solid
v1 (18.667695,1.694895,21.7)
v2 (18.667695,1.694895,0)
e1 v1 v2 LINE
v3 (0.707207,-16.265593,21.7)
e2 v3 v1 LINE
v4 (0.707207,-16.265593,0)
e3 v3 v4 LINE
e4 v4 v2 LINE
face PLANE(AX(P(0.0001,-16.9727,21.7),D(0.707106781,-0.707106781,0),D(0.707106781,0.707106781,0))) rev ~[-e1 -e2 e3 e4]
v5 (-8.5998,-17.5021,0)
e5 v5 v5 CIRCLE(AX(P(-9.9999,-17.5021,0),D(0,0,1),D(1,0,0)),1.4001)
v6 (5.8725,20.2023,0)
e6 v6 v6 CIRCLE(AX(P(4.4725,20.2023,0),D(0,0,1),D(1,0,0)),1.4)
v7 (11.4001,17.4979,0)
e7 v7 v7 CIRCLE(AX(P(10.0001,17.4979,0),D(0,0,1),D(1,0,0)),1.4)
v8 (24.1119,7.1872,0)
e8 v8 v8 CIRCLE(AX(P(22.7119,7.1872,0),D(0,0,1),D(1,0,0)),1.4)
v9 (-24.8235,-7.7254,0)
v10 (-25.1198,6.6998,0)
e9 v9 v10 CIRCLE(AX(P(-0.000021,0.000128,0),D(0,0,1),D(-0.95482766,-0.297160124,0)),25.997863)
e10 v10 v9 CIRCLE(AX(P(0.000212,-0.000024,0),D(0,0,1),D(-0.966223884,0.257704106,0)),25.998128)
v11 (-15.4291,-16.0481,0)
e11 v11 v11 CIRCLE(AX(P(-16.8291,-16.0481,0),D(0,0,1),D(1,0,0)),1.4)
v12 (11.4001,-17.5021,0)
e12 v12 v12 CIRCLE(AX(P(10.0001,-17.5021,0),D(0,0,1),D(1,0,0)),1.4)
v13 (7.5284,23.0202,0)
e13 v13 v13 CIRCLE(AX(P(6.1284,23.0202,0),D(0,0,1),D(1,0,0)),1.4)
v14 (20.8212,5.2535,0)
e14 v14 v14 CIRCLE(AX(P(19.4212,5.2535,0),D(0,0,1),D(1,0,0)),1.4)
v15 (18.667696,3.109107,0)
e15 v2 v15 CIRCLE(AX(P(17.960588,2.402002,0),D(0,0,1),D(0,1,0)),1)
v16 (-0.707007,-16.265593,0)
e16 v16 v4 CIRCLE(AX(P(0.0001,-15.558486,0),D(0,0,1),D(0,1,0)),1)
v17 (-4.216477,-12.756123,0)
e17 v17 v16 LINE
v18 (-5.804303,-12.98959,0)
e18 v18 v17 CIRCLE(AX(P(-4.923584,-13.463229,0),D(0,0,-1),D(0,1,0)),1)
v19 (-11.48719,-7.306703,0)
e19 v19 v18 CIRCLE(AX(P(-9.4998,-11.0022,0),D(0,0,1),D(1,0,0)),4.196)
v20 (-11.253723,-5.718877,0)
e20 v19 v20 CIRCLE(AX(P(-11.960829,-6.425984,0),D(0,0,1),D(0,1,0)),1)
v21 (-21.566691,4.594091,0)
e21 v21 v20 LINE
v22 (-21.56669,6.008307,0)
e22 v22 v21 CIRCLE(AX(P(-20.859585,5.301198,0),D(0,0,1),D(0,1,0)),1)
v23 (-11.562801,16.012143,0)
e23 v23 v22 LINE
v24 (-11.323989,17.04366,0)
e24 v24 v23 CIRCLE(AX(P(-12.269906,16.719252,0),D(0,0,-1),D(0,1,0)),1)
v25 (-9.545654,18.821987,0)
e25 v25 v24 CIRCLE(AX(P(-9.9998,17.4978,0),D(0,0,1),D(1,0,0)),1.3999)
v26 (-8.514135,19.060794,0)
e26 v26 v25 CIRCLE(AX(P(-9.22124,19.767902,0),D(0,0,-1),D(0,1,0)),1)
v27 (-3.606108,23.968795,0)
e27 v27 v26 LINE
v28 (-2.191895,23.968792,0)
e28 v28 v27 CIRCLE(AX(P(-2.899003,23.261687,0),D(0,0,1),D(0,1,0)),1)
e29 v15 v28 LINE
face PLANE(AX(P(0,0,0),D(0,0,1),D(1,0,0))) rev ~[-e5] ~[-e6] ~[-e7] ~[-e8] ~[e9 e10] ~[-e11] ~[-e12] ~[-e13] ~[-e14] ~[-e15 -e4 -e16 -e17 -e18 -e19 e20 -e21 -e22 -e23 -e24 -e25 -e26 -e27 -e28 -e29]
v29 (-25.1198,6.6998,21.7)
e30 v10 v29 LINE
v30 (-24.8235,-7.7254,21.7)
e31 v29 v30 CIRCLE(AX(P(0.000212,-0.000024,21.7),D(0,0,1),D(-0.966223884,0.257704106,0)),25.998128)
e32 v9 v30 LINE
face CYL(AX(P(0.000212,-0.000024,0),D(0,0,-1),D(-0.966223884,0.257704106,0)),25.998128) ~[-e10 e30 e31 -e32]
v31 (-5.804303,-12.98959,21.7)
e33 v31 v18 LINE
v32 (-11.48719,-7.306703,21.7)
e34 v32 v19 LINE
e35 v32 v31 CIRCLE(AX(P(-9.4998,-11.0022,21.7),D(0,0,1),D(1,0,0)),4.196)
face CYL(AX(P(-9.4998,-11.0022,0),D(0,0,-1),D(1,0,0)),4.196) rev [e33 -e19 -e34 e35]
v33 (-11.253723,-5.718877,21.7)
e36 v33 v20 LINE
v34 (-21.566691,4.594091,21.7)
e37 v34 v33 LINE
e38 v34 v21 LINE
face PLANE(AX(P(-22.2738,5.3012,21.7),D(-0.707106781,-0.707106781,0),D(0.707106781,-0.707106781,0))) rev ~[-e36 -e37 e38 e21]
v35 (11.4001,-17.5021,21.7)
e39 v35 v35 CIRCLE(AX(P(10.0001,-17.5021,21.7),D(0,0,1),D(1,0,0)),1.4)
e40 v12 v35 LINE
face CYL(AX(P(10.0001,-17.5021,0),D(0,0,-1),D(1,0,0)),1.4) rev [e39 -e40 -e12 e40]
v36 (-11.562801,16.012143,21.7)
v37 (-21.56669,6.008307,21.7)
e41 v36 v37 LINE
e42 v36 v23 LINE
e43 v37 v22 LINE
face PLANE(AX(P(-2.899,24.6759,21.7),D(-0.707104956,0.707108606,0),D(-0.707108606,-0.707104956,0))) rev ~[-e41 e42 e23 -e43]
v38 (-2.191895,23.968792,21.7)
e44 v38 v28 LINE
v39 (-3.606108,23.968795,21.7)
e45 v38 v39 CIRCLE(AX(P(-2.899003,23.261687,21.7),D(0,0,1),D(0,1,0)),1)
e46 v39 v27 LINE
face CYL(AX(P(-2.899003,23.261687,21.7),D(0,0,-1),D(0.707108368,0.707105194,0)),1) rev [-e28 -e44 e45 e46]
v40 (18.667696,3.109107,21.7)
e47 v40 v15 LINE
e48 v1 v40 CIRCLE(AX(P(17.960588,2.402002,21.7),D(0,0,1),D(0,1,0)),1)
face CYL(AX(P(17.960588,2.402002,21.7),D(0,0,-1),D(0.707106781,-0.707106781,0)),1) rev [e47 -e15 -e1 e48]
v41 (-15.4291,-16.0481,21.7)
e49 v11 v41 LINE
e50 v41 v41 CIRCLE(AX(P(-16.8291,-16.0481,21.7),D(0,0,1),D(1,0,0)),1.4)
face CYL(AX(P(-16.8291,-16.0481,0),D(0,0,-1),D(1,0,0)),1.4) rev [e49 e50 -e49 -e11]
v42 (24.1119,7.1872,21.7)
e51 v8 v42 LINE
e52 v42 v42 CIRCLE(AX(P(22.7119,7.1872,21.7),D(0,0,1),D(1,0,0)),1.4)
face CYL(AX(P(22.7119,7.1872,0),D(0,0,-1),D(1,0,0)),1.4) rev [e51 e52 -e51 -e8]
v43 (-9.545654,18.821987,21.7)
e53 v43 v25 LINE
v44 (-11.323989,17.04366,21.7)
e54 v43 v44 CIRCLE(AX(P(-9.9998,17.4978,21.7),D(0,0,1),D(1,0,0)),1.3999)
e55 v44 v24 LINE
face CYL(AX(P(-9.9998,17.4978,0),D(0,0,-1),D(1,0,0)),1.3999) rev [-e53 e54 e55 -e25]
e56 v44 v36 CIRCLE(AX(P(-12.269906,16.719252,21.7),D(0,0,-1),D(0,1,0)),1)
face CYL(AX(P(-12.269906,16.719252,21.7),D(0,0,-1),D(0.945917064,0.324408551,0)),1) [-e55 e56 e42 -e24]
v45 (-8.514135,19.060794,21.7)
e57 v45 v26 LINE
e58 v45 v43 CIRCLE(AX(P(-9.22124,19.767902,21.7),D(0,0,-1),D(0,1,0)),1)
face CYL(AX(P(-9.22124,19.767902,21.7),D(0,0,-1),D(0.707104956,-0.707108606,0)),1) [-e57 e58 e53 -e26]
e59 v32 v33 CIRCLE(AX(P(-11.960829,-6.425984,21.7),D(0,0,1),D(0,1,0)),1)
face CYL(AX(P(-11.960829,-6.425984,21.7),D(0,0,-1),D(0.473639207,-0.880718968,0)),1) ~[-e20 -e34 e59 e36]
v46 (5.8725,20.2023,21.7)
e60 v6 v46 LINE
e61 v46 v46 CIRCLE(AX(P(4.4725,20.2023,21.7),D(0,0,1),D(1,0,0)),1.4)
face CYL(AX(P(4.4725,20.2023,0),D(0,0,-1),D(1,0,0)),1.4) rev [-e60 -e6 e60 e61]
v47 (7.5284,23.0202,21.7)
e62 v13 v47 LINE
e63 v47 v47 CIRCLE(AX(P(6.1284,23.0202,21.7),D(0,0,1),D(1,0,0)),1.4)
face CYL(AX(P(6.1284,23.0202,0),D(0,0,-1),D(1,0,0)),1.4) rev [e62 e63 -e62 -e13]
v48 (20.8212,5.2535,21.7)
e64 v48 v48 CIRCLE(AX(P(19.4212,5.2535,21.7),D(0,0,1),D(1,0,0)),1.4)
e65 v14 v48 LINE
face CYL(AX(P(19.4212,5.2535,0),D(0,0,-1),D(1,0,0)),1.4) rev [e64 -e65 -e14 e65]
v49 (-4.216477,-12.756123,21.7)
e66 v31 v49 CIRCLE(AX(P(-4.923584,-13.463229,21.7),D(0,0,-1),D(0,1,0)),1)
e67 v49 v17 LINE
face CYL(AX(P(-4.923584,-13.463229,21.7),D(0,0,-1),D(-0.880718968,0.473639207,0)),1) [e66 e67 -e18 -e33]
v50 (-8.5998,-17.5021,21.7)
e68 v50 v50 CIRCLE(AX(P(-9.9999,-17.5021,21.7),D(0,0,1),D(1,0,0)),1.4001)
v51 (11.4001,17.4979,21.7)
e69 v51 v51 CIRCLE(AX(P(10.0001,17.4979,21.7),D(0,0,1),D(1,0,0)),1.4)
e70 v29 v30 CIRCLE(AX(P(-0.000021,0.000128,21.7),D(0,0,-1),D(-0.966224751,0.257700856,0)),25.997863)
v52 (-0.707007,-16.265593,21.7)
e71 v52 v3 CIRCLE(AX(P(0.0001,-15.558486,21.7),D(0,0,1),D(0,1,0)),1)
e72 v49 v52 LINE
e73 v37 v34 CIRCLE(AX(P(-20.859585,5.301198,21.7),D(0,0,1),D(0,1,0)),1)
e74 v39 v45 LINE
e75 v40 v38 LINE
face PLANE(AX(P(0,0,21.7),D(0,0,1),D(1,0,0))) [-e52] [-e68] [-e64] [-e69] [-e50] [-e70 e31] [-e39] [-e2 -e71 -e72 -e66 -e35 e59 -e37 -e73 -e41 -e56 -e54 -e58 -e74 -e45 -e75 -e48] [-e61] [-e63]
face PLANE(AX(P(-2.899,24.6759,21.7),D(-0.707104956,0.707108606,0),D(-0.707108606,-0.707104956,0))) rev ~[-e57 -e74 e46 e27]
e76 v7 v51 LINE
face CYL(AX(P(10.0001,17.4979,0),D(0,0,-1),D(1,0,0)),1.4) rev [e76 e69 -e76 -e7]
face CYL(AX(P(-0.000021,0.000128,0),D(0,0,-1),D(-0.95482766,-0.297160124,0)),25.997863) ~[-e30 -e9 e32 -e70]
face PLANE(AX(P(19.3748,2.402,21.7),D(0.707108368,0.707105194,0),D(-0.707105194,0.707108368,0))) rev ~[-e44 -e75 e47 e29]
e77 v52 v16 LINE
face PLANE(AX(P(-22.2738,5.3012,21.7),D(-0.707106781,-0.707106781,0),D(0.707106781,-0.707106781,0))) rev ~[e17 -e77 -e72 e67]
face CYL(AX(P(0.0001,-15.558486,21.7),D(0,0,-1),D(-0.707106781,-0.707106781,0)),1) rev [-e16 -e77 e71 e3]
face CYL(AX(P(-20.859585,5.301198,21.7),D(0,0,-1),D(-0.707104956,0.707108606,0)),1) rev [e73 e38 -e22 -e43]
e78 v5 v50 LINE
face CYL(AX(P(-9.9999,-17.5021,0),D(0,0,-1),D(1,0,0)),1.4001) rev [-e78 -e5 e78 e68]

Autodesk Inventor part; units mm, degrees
ref_plane "YZ Plane" through (0, 0, 0) normal (1, 0, 0) x (0, 1, 0)
ref_plane "XZ Plane" through (0, 0, 0) normal (0, 1, 0) x (-1, 0, 0)
ref_plane "Arbeitsebene1" through (0, 0, 0) normal (0, 0, 1) x (1, 0, 0)
sketch "Skizze1" plane through (0, 0, 0) normal (0, 0, 1) x (1, 0, 0)
  circle A0 centre (-9.9998, 17.4978) radius 1.3999 projected
  circle A1 centre (10.0001, 17.4979) radius 1.4 projected
  circle A2 centre (10.0001, -17.5021) radius 1.4 projected
  circle A3 centre (-9.9999, -17.5021) radius 1.4001 projected
  circle A4 centre (4.4725, 20.2023) radius 1.4 projected
  circle A5 centre (19.4212, 5.2535) radius 1.4 projected
  circle A6 centre (0.0001, -0.0022) radius 6.7754 projected
  arc A7 (-25.1198, 6.6998) -> (-24.1417, 5.4917) centre (-24.1417, 6.4917) ccw projected
  line L0 (-24.1417, 5.4917) -> (-17.7002, 5.4917) projected
  arc A8 (-15.7002, 3.4917) -> (-17.7002, 5.4917) centre (-17.7002, 3.4917) ccw projected
  line L1 (-15.7002, 3.4917) -> (-15.7002, -4.496) projected
  arc A9 (-17.7002, -6.496) -> (-15.7002, -4.496) centre (-17.7002, -4.496) ccw projected
  line L2 (-17.7002, -6.496) -> (-23.8502, -6.496) projected
  arc A10 (-23.8502, -6.496) -> (-24.8235, -7.7254) centre (-23.8502, -7.496) ccw projected
  arc A11 (-24.8235, -7.7254) -> (-25.1198, 6.6998) centre (0, 0) ccw projected
  circle A12 centre (-9.4998, -11.0022) radius 2.6601 projected
  circle A13 centre (-16.8291, -16.0481) radius 1.4 projected
  circle A14 centre (6.1284, 23.0202) radius 1.4 projected
  circle A15 centre (22.7119, 7.1872) radius 1.4 projected
  arc A16 (-25.1198, 6.6998) -> (-24.6232, -8.3421) centre (0, 0) ccw
  circle A17 centre (-9.4998, -11.0022) radius 4.196
  point P0 (0, 0)
ref_plane "Arbeitsebene2" through (-21.5666, -16.2656, 21.7) normal (0, 0, 1) x (0.7071, -0.7071, 0)
extrude "Extrusion1" add sketch "Skizze1" along normal up to surface (21.7 mm away) contours A11 A10 L2 A9 L1 A8 L0 A7 | A7 L0 A8 L1 A9 L2 A10 A16
sketch "Skizze2" plane through (-24.1417, 5.4917, 21.7) normal (0, 0, 1) x (1, 0, 0)
  arc A0 (30.5656, -11.7979) -> (31.153, -11.2105) centre (30.5058, -11.1507) ccw projected
  line L0 (30.5656, -11.7979) -> (24.8489, -17.5146) projected
  line L1 (24.8489, -17.5146) -> (19.6708, -12.3365) projected
  arc A1 (17.2991, -9.9648) -> (19.6708, -12.3365) centre (18.1314, -11.5042) ccw projected
  line L2 (17.2991, -9.9648) -> (12.8281, -5.4938) projected
  line L3 (12.8281, -5.4938) -> (15.7017, -2.6202) projected
  arc A2 (17.7327, -0.5892) -> (15.7017, -2.6202) centre (16.0101, -0.8976) ccw projected
  line L4 (17.7327, -0.5892) -> (24.1418, 5.8199) projected
  line L5 (24.1418, 5.8199) -> (28.7374, 1.2243) projected
  arc A3 (30.8599, -0.8982) -> (28.7374, 1.2243) centre (30.435, 0.7994) ccw projected
  line L6 (30.8599, -0.8982) -> (36.1626, -6.2009) projected
  line L7 (36.1626, -6.2009) -> (34.5533, -7.8102) projected
  arc A4 (32.1151, -10.2485) -> (34.5533, -7.8102) centre (33.5463, -9.2415) ccw projected
  line L8 (32.1151, -10.2485) -> (31.153, -11.2105) projected
  circle A5 centre (12.8281, -4.0796) radius 0.65 projected
  line L9 (21.2427, 4.9006) -> (17.8485, 8.2948) projected
  line L10 (17.8485, 8.2948) -> (14.4544, 11.6889) projected
  line L11 (14.4544, 11.6889) -> (2.575, -0.1905) projected
  line L12 (2.575, -0.1905) -> (24.1418, -21.7573) projected
  line L13 (24.1418, -21.7573) -> (42.8094, -3.0897) projected
  line L14 (42.8094, -3.0897) -> (28.0309, 11.6889) projected
  line L15 (28.0309, 11.6889) -> (24.6368, 8.2948) projected
  line L16 (24.6368, 8.2948) -> (21.2427, 4.9006) projected
  circle A6 centre (21.2427, 11.6889) radius 4.8 projected
  line L17 (42.8094, -3.0897) -> (24.1418, -21.7573)
  line L18 (24.1418, -21.7573) -> (2.575, -0.1905)
  line L19 (2.575, -0.1905) -> (21.2427, 18.4771)
  line L20 (21.2427, 18.4771) -> (42.8094, -3.0897)
  line L21 (21.2427, 19.1842) -> (1.8679, -0.1905)
  line L22 (1.8679, -0.1905) -> (24.1418, -22.4644)
  line L23 (24.1418, -22.4644) -> (43.5165, -3.0897)
  line L24 (43.5165, -3.0897) -> (21.2427, 19.1842)
  point P0 (24.1417, -5.4917)
  dimension "d2" = 0.5
extrude "Extrusion2" cut sketch "Skizze2" against normal through all contours L0 L1 A1 L2 L3 A2 L4 L5 A3 L6 L7 A4 L8 A0 | A5 | L16 L15 L14 L13 L12 L11 L10 L9 | L9 A6 L16 | A6 | L10 L19 A6 | A6 L20 L15 | L19 L20 A6 | L24 L23 L22 L21
fillet "Rundung1" radius 1 8 edges at (-2.899, 24.6759, 10.85) (19.3748, 2.402, 10.85) (0.0001, -16.9727, 10.85) (-22.2737, 5.3011, 10.85) (-10.1203, -6.8523, 10.85) (-5.3499, -11.6226, 10.85) (-11.0276, 16.5473, 10.85) (-9.0493, 18.5256, 10.85)
properties part number "Matchboxscope_focusingblock_v0"
